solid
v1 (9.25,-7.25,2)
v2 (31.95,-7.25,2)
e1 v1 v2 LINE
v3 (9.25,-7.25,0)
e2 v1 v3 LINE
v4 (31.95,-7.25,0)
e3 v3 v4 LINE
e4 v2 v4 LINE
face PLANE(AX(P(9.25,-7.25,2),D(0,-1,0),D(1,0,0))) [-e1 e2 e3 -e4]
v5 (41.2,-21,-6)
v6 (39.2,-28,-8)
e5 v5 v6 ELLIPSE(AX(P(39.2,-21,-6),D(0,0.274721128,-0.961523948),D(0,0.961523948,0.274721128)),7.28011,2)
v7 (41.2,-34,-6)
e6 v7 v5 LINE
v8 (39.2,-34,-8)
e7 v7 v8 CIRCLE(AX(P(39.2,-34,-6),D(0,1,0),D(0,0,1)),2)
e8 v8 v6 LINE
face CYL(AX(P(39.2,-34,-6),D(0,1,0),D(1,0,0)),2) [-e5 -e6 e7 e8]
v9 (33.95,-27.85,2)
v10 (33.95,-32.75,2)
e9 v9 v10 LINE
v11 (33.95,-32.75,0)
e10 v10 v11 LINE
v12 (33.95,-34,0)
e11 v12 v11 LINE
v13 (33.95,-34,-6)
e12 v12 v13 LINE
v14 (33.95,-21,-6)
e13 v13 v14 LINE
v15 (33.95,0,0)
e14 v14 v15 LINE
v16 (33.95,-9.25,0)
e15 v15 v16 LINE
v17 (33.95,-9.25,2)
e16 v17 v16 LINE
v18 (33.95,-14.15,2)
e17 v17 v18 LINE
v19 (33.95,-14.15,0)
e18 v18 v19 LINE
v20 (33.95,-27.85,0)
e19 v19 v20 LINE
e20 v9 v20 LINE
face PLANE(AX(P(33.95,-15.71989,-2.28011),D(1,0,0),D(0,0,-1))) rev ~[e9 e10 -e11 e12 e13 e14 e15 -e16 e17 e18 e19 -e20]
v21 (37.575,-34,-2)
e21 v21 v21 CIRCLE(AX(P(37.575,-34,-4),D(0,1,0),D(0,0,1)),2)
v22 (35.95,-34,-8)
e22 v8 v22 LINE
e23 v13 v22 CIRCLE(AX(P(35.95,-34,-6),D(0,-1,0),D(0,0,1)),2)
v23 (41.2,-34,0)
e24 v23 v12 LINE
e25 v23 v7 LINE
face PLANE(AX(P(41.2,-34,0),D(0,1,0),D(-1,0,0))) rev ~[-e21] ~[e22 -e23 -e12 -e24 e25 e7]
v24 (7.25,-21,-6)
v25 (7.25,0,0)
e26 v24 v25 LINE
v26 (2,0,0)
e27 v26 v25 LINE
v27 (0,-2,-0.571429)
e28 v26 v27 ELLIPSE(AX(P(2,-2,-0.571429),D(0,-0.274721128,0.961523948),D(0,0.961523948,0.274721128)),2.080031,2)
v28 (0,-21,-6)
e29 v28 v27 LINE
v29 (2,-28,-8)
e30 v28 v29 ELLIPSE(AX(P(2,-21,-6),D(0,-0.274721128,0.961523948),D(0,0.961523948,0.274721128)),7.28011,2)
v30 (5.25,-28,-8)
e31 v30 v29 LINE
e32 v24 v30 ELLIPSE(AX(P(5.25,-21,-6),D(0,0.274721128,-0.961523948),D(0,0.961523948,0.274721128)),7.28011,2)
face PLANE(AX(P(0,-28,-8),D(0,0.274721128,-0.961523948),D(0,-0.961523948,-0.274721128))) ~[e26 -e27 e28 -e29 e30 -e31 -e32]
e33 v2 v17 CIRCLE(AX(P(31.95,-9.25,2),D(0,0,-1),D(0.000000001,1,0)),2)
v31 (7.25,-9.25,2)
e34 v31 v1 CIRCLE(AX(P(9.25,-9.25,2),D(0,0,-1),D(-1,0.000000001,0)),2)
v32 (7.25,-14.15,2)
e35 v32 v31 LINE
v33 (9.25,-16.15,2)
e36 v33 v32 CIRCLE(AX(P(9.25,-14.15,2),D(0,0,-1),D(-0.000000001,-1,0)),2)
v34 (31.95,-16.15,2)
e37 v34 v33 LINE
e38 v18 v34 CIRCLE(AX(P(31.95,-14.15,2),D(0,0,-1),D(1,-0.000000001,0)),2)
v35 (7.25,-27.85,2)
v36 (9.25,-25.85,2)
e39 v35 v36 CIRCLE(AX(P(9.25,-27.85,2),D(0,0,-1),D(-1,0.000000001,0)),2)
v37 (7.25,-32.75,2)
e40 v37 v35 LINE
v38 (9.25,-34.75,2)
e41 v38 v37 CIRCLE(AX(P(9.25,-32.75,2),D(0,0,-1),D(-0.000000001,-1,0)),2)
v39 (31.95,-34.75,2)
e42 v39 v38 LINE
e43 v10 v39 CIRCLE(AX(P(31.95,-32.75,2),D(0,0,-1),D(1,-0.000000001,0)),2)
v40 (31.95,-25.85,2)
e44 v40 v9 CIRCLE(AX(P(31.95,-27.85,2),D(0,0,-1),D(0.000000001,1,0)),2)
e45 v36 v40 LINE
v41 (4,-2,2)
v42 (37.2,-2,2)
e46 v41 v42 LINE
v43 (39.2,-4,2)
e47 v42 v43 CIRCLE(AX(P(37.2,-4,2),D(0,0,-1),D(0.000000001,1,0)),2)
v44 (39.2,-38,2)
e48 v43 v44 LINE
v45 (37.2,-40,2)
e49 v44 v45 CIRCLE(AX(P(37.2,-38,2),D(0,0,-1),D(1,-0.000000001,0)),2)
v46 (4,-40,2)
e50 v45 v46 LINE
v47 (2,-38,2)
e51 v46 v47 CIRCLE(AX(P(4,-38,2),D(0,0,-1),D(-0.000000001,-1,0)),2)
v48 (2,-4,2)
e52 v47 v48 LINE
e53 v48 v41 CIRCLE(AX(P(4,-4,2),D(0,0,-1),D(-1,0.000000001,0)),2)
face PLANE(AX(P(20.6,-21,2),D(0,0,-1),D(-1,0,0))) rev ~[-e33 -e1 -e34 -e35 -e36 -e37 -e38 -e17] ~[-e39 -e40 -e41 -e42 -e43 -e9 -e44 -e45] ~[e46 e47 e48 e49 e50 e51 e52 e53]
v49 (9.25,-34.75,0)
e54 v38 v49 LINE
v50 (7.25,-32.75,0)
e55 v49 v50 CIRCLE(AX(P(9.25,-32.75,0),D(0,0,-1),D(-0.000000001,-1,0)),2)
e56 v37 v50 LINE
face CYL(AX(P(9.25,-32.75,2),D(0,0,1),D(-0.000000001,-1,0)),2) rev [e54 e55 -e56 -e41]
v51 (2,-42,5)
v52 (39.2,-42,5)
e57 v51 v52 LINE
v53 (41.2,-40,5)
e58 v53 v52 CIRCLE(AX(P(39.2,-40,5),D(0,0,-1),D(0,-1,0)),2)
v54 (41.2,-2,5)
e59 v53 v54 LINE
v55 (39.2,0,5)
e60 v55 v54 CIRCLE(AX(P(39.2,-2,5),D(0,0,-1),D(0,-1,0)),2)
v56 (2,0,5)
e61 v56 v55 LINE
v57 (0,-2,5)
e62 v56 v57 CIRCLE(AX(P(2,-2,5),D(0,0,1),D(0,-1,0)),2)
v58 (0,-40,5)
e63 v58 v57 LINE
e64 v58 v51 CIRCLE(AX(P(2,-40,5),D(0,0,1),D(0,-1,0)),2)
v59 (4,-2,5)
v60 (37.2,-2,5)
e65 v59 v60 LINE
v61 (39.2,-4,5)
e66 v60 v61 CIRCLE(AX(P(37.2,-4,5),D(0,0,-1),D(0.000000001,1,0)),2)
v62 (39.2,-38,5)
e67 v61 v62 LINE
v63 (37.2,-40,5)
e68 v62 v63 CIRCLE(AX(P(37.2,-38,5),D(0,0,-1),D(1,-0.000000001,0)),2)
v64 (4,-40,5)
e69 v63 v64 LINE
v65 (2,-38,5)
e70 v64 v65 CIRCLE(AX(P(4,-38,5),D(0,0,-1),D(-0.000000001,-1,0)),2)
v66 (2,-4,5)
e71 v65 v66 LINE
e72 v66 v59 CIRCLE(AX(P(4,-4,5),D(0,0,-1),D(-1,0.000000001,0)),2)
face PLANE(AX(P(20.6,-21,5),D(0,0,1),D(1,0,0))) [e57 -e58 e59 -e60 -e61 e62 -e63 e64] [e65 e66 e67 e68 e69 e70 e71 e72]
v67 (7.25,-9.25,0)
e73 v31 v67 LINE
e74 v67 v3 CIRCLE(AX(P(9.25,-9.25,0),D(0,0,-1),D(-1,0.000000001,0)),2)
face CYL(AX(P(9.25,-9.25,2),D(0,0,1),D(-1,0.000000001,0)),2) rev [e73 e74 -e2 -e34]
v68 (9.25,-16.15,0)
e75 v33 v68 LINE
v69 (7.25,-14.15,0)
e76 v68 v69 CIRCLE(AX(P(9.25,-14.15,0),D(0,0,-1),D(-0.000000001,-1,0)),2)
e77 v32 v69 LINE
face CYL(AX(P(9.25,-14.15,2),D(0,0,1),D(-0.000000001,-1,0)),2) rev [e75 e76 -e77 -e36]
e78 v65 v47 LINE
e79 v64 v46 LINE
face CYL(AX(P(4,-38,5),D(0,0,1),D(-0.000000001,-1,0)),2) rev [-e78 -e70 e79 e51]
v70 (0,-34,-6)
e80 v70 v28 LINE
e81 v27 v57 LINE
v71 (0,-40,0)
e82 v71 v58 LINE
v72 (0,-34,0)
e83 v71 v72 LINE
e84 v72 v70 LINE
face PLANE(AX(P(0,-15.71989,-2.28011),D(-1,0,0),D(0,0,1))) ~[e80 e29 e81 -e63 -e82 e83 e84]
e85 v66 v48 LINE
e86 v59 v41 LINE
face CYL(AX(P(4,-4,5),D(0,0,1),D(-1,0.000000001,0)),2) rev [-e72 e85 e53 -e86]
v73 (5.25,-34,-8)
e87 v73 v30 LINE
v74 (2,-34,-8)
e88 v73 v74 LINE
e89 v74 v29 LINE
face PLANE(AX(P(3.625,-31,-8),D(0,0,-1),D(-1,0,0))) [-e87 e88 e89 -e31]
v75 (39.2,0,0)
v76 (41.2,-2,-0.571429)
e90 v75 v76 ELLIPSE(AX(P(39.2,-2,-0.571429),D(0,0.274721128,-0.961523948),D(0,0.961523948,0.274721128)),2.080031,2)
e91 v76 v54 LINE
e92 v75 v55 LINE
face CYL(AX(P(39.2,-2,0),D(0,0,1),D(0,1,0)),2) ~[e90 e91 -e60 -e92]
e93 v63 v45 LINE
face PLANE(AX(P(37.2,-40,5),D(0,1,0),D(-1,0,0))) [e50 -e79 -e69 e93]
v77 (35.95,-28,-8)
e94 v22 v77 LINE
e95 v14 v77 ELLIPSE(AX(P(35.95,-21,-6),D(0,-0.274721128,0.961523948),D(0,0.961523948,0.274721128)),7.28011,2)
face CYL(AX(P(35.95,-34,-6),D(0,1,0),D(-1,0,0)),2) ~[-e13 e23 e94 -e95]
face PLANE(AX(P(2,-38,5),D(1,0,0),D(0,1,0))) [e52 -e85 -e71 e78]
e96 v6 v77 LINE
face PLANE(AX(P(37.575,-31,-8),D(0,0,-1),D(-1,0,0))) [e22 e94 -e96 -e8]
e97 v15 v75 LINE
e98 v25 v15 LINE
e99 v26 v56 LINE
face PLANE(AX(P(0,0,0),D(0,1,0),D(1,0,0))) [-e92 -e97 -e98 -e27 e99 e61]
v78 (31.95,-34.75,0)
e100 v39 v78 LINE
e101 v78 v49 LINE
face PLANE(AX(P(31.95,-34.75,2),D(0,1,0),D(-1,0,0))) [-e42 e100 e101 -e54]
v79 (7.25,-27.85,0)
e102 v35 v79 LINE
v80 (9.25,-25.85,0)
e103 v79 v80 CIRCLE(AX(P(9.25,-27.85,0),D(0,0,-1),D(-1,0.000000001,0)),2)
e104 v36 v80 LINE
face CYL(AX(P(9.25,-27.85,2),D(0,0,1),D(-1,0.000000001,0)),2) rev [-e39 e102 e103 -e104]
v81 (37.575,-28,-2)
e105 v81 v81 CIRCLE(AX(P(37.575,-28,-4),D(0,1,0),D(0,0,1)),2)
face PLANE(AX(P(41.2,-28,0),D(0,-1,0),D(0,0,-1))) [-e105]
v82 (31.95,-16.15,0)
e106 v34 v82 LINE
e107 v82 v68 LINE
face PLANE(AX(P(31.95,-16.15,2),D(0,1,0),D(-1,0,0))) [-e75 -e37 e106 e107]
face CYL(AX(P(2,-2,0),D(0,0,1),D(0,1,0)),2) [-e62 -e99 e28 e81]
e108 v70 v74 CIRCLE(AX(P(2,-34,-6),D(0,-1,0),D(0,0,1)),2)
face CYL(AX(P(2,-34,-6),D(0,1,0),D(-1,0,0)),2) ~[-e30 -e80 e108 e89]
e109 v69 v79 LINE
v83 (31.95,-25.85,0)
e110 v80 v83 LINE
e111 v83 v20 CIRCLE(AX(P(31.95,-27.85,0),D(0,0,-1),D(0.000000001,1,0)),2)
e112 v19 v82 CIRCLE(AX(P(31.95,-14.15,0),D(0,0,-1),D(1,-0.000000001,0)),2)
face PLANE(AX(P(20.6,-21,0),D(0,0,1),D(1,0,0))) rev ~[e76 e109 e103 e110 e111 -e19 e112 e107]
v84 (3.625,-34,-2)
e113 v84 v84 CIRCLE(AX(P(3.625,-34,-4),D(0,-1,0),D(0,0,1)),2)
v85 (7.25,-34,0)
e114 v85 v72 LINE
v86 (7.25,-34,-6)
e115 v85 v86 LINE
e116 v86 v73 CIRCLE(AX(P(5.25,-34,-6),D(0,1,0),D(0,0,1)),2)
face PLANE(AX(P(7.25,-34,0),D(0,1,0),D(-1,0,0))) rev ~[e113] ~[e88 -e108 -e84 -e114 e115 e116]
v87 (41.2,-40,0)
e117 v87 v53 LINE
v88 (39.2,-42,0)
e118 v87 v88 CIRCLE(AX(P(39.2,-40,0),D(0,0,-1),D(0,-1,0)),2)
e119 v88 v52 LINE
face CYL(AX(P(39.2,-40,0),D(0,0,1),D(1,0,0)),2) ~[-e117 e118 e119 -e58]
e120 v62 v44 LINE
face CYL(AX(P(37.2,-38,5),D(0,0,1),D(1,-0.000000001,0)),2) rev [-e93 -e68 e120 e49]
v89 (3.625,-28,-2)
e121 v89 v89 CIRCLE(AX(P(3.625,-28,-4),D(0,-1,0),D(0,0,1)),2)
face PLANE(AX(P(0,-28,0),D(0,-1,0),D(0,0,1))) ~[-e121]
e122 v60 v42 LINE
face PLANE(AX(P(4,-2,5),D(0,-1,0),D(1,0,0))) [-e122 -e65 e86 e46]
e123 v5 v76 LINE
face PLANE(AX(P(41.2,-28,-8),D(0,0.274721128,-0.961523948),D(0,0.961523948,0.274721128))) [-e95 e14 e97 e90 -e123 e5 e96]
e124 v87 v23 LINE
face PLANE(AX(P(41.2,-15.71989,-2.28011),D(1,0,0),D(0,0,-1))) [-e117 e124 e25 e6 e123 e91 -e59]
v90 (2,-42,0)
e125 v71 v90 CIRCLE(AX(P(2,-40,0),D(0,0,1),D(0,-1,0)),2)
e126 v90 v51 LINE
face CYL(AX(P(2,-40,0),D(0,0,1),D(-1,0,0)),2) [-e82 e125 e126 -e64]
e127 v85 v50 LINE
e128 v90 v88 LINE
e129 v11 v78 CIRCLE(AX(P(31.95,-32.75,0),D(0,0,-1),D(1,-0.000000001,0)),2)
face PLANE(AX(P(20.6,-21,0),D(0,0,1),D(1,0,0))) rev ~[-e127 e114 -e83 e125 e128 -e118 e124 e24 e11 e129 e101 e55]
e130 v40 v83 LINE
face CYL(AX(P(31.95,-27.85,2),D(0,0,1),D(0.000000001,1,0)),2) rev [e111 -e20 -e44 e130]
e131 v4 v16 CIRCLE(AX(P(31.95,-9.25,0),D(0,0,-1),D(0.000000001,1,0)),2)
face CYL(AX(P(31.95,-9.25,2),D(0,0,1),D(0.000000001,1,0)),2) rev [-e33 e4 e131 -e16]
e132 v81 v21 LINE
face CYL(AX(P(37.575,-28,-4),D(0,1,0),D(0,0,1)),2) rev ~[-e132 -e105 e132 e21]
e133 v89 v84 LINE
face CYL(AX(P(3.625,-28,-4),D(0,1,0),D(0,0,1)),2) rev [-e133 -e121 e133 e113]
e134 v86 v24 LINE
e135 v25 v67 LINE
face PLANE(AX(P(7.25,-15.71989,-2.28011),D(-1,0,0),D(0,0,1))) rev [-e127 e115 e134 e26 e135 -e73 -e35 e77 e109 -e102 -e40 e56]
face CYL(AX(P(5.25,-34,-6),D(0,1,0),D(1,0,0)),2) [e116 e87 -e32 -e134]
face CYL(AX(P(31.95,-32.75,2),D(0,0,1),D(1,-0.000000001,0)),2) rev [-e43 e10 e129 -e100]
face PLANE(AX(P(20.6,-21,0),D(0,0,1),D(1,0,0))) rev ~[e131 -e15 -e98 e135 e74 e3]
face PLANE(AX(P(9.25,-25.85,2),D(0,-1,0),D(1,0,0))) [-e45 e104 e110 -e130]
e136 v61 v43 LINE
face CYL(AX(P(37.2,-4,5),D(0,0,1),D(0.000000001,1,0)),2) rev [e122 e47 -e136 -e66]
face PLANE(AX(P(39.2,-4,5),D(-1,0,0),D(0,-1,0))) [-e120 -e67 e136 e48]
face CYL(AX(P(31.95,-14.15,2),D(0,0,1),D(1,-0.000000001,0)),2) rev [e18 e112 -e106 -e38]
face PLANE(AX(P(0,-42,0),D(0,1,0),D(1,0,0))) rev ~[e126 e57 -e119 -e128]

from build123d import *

# Parameters (mm, degrees)
SKETCH1_W           = 41.2
SKETCH1_H           = 42
BOSS_EXTRUDE1_DEPTH = 5
CUT_EXTRUDE1_DEPTH  = 3
CUT_EXTRUDE2_DEPTH  = 2
SKETCH8_W           = 7.25
SKETCH8_H           = 6
BOSS_EXTRUDE4_DEPTH = 8
SKETCH9_W           = 7.25
SKETCH9_H           = 6
BOSS_EXTRUDE5_DEPTH = 8
SKETCH12_R          = 2
CUT_EXTRUDE4_DEPTH  = 6
BOSS_EXTRUDE6_DEPTH = 7.25
FILLET1_R           = 2
FILLET2_R           = 2


with BuildPart() as part:
    # Sketch1 → Boss-Extrude1 (new body)
    with BuildSketch(Plane.XY):
        with Locations((20.6, -21)):
            Rectangle(SKETCH1_W, SKETCH1_H)
    extrude(amount=BOSS_EXTRUDE1_DEPTH)

    # Sketch2 → Cut-Extrude1 (cut)
    with BuildSketch(Plane.XY.offset(5)):
        with BuildLine():
            Line((4, -2), (37.2, -2))
            ThreePointArc((37.2, -2), (38.614213562, -2.585786438), (39.2, -4))
            Line((39.2, -4), (39.2, -38))
            ThreePointArc((39.2, -38), (38.614213562, -39.414213562), (37.2, -40))
            Line((37.2, -40), (4, -40))
            ThreePointArc((4, -40), (2.585786438, -39.414213562), (2, -38))
            Line((2, -38), (2, -4))
            ThreePointArc((2, -4), (2.585786438, -2.585786438), (4, -2))
        make_face()
    extrude(amount=-CUT_EXTRUDE1_DEPTH, mode=Mode.SUBTRACT)

    # Sketch3 → Cut-Extrude2 (cut)
    with BuildSketch(Plane.XY.offset(2)):
        with BuildLine():
            Line((9.25, -7.25), (31.95, -7.25))
            ThreePointArc((31.95, -7.25), (33.364213562, -7.835786438), (33.95, -9.25))
            Line((33.95, -9.25), (33.95, -14.15))
            ThreePointArc((33.95, -14.15), (33.364213562, -15.564213562), (31.95, -16.15))
            Line((31.95, -16.15), (9.25, -16.15))
            ThreePointArc((9.25, -16.15), (7.835786438, -15.564213562), (7.25, -14.15))
            Line((7.25, -14.15), (7.25, -9.25))
            ThreePointArc((7.25, -9.25), (7.835786438, -7.835786438), (9.25, -7.25))
        make_face()
        with BuildLine():
            Line((9.25, -25.85), (31.95, -25.85))
            ThreePointArc((31.95, -25.85), (33.364213562, -26.435786438), (33.95, -27.85))
            Line((33.95, -27.85), (33.95, -32.75))
            ThreePointArc((33.95, -32.75), (33.364213562, -34.164213562), (31.95, -34.75))
            Line((31.95, -34.75), (9.25, -34.75))
            ThreePointArc((9.25, -34.75), (7.835786438, -34.164213562), (7.25, -32.75))
            Line((7.25, -32.75), (7.25, -27.85))
            ThreePointArc((7.25, -27.85), (7.835786438, -26.435786438), (9.25, -25.85))
        make_face()
    extrude(amount=-CUT_EXTRUDE2_DEPTH, mode=Mode.SUBTRACT)

    # Sketch8 → Boss-Extrude4 (add)
    with BuildSketch(Plane(origin=(0, 0, 0), x_dir=(-1, 0, 0), z_dir=(0, 0, -1))):
        with Locations((-37.575, -31)):
            Rectangle(SKETCH8_W, SKETCH8_H)
    extrude(amount=BOSS_EXTRUDE4_DEPTH)

    # Sketch9 → Boss-Extrude5 (add)
    with BuildSketch(Plane(origin=(0, 0, 0), x_dir=(-1, 0, 0), z_dir=(0, 0, -1))):
        with Locations((-3.625, -31)):
            Rectangle(SKETCH9_W, SKETCH9_H)
    extrude(amount=BOSS_EXTRUDE5_DEPTH)

    # Sketch12 → Cut-Extrude4 (cut)
    with BuildSketch(Plane(origin=(0, -28, 0), x_dir=(1, 0, 0), z_dir=(0, 1, 0))):
        with Locations(Location((37.575, 4, 0), (0, 0, 270))):
            Circle(SKETCH12_R)
    cut_extrude4 = extrude(amount=-CUT_EXTRUDE4_DEPTH, mode=Mode.SUBTRACT)

    # Sketch13 → Boss-Extrude6 (add)
    with BuildSketch(Plane(origin=(41.2, 0, 0), x_dir=(0, 0, -1), z_dir=(1, 0, 0))):
        Polygon((8, -28), (0, 0), (0, -28), align=None)
    boss_extrude6 = extrude(amount=-BOSS_EXTRUDE6_DEPTH)

    # Mirror2: Cut-Extrude4, Boss-Extrude6 across plane
    add(cut_extrude4.mirror(Plane(origin=(20.6, 0, 0), x_dir=(0, 0, 1), z_dir=(1, 0, 0))), mode=Mode.SUBTRACT)
    add(boss_extrude6.mirror(Plane(origin=(20.6, 0, 0), x_dir=(0, 0, 1), z_dir=(1, 0, 0))))

    # Fillet1
    fillet1_edges = [part.edges().sort_by_distance(p)[0] for p in [
        (0, 0, 2.5),
        (41.2, 0, 2.5),
        (41.2, -42, 2.5),
        (0, -42, 2.5),
    ]]
    fillet(fillet1_edges, radius=FILLET1_R)

    # Fillet2
    fillet2_edges = [part.edges().sort_by_distance(p)[0] for p in [
        (0, -31, -8),
        (7.25, -31, -8),
        (41.2, -31, -8),
        (33.95, -31, -8),
    ]]
    fillet(fillet2_edges, radius=FILLET2_R)


solid = part.part
